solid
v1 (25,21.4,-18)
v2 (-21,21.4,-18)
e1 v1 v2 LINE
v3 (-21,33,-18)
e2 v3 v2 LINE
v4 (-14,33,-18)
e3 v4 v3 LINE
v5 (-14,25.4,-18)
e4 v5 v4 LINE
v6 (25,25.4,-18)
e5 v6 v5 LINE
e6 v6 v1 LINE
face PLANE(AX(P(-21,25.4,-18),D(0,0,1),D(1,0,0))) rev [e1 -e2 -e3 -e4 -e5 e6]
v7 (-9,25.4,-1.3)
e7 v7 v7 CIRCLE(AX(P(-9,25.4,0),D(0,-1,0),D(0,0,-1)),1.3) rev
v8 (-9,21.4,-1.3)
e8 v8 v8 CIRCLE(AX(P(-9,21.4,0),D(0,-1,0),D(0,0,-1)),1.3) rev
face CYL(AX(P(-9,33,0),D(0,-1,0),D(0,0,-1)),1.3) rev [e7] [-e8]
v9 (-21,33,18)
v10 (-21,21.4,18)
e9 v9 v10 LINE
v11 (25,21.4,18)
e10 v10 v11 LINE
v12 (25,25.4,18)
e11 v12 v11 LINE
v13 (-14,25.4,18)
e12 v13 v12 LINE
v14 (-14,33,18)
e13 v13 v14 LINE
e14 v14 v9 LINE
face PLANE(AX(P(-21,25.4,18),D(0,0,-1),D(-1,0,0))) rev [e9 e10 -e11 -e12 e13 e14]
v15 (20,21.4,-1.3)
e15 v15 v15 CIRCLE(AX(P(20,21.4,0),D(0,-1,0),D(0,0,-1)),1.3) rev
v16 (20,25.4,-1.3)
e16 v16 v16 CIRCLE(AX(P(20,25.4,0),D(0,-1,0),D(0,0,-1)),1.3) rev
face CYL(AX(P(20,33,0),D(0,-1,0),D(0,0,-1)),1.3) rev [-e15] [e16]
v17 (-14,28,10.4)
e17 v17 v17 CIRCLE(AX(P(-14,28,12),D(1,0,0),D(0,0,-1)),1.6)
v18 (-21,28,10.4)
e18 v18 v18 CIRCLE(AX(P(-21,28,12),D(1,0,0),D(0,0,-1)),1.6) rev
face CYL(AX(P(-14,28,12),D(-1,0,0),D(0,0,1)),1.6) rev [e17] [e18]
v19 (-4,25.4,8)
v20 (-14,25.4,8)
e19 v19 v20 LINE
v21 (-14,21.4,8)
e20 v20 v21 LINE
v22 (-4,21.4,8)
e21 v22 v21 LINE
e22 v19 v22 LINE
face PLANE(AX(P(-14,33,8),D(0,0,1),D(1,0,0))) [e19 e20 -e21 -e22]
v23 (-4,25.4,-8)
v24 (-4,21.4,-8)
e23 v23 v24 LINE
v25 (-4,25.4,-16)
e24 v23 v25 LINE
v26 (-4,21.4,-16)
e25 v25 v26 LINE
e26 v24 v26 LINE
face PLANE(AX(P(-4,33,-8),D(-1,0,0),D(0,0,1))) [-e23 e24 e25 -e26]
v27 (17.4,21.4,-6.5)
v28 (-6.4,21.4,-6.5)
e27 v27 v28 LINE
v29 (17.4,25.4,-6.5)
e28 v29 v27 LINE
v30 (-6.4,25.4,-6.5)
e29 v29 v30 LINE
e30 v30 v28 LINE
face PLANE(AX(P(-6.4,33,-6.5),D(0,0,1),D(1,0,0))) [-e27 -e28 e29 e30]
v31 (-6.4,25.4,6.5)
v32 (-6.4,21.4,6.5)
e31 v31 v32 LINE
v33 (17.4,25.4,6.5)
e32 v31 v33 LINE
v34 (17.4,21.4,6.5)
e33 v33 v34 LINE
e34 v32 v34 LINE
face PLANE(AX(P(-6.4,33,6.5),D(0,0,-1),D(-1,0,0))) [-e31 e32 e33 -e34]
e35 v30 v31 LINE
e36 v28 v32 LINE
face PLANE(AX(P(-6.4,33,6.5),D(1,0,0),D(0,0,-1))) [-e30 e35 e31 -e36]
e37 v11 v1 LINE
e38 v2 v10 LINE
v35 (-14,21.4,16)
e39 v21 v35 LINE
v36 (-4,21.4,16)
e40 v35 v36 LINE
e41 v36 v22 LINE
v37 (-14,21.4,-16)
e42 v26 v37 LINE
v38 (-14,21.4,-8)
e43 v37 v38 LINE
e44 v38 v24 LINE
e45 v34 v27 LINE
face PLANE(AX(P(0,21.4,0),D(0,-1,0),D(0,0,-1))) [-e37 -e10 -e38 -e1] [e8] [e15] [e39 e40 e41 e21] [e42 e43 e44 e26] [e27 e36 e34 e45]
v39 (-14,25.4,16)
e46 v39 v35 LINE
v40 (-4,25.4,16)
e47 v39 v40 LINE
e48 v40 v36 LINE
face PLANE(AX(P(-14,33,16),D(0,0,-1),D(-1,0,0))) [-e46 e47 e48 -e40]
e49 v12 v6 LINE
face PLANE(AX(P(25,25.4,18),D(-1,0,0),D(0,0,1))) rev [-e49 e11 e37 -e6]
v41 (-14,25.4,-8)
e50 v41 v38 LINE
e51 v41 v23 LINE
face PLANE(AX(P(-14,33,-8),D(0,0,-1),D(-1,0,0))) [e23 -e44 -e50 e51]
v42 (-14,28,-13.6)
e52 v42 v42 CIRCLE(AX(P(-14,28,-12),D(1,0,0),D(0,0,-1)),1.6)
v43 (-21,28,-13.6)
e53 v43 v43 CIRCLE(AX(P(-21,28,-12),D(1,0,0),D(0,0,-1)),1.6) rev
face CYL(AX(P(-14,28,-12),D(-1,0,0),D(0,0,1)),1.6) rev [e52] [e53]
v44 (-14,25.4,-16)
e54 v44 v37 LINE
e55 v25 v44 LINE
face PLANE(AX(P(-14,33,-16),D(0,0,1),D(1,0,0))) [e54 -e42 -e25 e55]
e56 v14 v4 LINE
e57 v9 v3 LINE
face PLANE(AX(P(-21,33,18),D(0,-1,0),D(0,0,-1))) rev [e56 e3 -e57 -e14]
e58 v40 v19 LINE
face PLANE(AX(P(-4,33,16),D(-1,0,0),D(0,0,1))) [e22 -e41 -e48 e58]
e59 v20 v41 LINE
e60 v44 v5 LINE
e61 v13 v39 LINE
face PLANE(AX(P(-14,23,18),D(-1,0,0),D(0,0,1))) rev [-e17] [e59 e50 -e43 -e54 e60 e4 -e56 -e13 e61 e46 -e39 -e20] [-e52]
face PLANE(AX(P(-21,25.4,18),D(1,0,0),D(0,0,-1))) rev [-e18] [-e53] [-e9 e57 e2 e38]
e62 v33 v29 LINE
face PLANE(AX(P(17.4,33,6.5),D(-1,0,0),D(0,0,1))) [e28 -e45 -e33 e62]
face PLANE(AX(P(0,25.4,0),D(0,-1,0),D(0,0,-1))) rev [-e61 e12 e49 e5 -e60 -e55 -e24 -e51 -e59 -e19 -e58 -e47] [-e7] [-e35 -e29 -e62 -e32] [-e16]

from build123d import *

# Parameters (mm, degrees)
SERVO_SHELF_START                = 21.4
SERVO_SHELF_PROFILE_W            = 46
SERVO_SHELF_PROFILE_H            = 36
SERVO_SHELF_DEPTH                = 4
REAR_CLAMPING_BLOCK_START        = -18
REAR_CLAMPING_BLOCK_PROFILE_W    = 7
REAR_CLAMPING_BLOCK_PROFILE_H    = 10
REAR_CLAMPING_BLOCK_DEPTH        = 36
SERVO_BODY_WINDOW_START          = 20.4
SERVO_BODY_WINDOW_PROFILE_W      = 23.8
SERVO_BODY_WINDOW_PROFILE_H      = 13
SERVO_BODY_WINDOW_DEPTH          = 25.744213361
YAW_SERVO_M2_FASTENERS_START     = 20.4
YAW_SERVO_M2_FASTENERS_PROFILE_R = 1.3
YAW_SERVO_M2_FASTENERS_DEPTH     = 25.744213361
LEFT_NUT_ACCESS_START            = 20
LEFT_NUT_ACCESS_PROFILE_W        = 10
LEFT_NUT_ACCESS_PROFILE_H        = 8
LEFT_NUT_ACCESS_DEPTH            = 26.144213361
RIGHT_NUT_ACCESS_START           = 20
RIGHT_NUT_ACCESS_PROFILE_W       = 10
RIGHT_NUT_ACCESS_PROFILE_H       = 8
RIGHT_NUT_ACCESS_DEPTH           = 26.144213361
REAR_CLAMPING_M3_HOLES_START     = -25
REAR_CLAMPING_M3_PROFILE_R       = 1.6
REAR_CLAMPING_M3_HOLES_DEPTH     = 11


with BuildPart() as part:
    # Servo_shelf_profile → Servo_shelf (new body)
    with BuildSketch(Plane(origin=(0, 0, 0), x_dir=(1, 0, 0), z_dir=(0, 1, 0)).offset(SERVO_SHELF_START)):
        with Locations((2, 0)):
            Rectangle(SERVO_SHELF_PROFILE_W, SERVO_SHELF_PROFILE_H)
    extrude(amount=SERVO_SHELF_DEPTH)

    # Rear_clamping_block_profile → Rear_clamping_block (add)
    with BuildSketch(Plane.XY.offset(REAR_CLAMPING_BLOCK_START)):
        with Locations((-17.5, 28)):
            Rectangle(REAR_CLAMPING_BLOCK_PROFILE_W, REAR_CLAMPING_BLOCK_PROFILE_H)
    extrude(amount=REAR_CLAMPING_BLOCK_DEPTH)

    # Servo_body_window_profile → Servo_body_window (cut, through all)
    with BuildSketch(Plane(origin=(0, 0, 0), x_dir=(1, 0, 0), z_dir=(0, 1, 0)).offset(SERVO_BODY_WINDOW_START)):
        with Locations((5.5, 0)):
            Rectangle(SERVO_BODY_WINDOW_PROFILE_W, SERVO_BODY_WINDOW_PROFILE_H)
    extrude(amount=SERVO_BODY_WINDOW_DEPTH, mode=Mode.SUBTRACT)

    # Yaw_servo_M2_fasteners_profile → Yaw_servo_M2_fasteners (cut, through all)
    with BuildSketch(Plane(origin=(0, 0, 0), x_dir=(1, 0, 0), z_dir=(0, 1, 0)).offset(YAW_SERVO_M2_FASTENERS_START)):
        with Locations(Location((-9, 0, 0), (0, 0, 90))):
            Circle(YAW_SERVO_M2_FASTENERS_PROFILE_R)
        with Locations(Location((20, 0, 0), (0, 0, 90))):
            Circle(YAW_SERVO_M2_FASTENERS_PROFILE_R)
    extrude(amount=YAW_SERVO_M2_FASTENERS_DEPTH, mode=Mode.SUBTRACT)

    # Left_nut_access_profile → Left_nut_access (cut, through all)
    with BuildSketch(Plane(origin=(0, 0, 0), x_dir=(1, 0, 0), z_dir=(0, 1, 0)).offset(LEFT_NUT_ACCESS_START)):
        with Locations((-9, 12)):
            Rectangle(LEFT_NUT_ACCESS_PROFILE_W, LEFT_NUT_ACCESS_PROFILE_H)
    extrude(amount=LEFT_NUT_ACCESS_DEPTH, mode=Mode.SUBTRACT)

    # Right_nut_access_profile → Right_nut_access (cut, through all)
    with BuildSketch(Plane(origin=(0, 0, 0), x_dir=(1, 0, 0), z_dir=(0, 1, 0)).offset(RIGHT_NUT_ACCESS_START)):
        with Locations((-9, -12)):
            Rectangle(RIGHT_NUT_ACCESS_PROFILE_W, RIGHT_NUT_ACCESS_PROFILE_H)
    extrude(amount=RIGHT_NUT_ACCESS_DEPTH, mode=Mode.SUBTRACT)

    # Rear_clamping_M3_profile → Rear_clamping_M3_holes (cut)
    with BuildSketch(Plane(origin=(0, 0, 0), x_dir=(0, 0, -1), z_dir=(1, 0, 0)).offset(REAR_CLAMPING_M3_HOLES_START)):
        with Locations((12, 28)):
            Circle(REAR_CLAMPING_M3_PROFILE_R)
        with Locations((-12, 28)):
            Circle(REAR_CLAMPING_M3_PROFILE_R)
    extrude(amount=REAR_CLAMPING_M3_HOLES_DEPTH, mode=Mode.SUBTRACT)


solid = part.part
